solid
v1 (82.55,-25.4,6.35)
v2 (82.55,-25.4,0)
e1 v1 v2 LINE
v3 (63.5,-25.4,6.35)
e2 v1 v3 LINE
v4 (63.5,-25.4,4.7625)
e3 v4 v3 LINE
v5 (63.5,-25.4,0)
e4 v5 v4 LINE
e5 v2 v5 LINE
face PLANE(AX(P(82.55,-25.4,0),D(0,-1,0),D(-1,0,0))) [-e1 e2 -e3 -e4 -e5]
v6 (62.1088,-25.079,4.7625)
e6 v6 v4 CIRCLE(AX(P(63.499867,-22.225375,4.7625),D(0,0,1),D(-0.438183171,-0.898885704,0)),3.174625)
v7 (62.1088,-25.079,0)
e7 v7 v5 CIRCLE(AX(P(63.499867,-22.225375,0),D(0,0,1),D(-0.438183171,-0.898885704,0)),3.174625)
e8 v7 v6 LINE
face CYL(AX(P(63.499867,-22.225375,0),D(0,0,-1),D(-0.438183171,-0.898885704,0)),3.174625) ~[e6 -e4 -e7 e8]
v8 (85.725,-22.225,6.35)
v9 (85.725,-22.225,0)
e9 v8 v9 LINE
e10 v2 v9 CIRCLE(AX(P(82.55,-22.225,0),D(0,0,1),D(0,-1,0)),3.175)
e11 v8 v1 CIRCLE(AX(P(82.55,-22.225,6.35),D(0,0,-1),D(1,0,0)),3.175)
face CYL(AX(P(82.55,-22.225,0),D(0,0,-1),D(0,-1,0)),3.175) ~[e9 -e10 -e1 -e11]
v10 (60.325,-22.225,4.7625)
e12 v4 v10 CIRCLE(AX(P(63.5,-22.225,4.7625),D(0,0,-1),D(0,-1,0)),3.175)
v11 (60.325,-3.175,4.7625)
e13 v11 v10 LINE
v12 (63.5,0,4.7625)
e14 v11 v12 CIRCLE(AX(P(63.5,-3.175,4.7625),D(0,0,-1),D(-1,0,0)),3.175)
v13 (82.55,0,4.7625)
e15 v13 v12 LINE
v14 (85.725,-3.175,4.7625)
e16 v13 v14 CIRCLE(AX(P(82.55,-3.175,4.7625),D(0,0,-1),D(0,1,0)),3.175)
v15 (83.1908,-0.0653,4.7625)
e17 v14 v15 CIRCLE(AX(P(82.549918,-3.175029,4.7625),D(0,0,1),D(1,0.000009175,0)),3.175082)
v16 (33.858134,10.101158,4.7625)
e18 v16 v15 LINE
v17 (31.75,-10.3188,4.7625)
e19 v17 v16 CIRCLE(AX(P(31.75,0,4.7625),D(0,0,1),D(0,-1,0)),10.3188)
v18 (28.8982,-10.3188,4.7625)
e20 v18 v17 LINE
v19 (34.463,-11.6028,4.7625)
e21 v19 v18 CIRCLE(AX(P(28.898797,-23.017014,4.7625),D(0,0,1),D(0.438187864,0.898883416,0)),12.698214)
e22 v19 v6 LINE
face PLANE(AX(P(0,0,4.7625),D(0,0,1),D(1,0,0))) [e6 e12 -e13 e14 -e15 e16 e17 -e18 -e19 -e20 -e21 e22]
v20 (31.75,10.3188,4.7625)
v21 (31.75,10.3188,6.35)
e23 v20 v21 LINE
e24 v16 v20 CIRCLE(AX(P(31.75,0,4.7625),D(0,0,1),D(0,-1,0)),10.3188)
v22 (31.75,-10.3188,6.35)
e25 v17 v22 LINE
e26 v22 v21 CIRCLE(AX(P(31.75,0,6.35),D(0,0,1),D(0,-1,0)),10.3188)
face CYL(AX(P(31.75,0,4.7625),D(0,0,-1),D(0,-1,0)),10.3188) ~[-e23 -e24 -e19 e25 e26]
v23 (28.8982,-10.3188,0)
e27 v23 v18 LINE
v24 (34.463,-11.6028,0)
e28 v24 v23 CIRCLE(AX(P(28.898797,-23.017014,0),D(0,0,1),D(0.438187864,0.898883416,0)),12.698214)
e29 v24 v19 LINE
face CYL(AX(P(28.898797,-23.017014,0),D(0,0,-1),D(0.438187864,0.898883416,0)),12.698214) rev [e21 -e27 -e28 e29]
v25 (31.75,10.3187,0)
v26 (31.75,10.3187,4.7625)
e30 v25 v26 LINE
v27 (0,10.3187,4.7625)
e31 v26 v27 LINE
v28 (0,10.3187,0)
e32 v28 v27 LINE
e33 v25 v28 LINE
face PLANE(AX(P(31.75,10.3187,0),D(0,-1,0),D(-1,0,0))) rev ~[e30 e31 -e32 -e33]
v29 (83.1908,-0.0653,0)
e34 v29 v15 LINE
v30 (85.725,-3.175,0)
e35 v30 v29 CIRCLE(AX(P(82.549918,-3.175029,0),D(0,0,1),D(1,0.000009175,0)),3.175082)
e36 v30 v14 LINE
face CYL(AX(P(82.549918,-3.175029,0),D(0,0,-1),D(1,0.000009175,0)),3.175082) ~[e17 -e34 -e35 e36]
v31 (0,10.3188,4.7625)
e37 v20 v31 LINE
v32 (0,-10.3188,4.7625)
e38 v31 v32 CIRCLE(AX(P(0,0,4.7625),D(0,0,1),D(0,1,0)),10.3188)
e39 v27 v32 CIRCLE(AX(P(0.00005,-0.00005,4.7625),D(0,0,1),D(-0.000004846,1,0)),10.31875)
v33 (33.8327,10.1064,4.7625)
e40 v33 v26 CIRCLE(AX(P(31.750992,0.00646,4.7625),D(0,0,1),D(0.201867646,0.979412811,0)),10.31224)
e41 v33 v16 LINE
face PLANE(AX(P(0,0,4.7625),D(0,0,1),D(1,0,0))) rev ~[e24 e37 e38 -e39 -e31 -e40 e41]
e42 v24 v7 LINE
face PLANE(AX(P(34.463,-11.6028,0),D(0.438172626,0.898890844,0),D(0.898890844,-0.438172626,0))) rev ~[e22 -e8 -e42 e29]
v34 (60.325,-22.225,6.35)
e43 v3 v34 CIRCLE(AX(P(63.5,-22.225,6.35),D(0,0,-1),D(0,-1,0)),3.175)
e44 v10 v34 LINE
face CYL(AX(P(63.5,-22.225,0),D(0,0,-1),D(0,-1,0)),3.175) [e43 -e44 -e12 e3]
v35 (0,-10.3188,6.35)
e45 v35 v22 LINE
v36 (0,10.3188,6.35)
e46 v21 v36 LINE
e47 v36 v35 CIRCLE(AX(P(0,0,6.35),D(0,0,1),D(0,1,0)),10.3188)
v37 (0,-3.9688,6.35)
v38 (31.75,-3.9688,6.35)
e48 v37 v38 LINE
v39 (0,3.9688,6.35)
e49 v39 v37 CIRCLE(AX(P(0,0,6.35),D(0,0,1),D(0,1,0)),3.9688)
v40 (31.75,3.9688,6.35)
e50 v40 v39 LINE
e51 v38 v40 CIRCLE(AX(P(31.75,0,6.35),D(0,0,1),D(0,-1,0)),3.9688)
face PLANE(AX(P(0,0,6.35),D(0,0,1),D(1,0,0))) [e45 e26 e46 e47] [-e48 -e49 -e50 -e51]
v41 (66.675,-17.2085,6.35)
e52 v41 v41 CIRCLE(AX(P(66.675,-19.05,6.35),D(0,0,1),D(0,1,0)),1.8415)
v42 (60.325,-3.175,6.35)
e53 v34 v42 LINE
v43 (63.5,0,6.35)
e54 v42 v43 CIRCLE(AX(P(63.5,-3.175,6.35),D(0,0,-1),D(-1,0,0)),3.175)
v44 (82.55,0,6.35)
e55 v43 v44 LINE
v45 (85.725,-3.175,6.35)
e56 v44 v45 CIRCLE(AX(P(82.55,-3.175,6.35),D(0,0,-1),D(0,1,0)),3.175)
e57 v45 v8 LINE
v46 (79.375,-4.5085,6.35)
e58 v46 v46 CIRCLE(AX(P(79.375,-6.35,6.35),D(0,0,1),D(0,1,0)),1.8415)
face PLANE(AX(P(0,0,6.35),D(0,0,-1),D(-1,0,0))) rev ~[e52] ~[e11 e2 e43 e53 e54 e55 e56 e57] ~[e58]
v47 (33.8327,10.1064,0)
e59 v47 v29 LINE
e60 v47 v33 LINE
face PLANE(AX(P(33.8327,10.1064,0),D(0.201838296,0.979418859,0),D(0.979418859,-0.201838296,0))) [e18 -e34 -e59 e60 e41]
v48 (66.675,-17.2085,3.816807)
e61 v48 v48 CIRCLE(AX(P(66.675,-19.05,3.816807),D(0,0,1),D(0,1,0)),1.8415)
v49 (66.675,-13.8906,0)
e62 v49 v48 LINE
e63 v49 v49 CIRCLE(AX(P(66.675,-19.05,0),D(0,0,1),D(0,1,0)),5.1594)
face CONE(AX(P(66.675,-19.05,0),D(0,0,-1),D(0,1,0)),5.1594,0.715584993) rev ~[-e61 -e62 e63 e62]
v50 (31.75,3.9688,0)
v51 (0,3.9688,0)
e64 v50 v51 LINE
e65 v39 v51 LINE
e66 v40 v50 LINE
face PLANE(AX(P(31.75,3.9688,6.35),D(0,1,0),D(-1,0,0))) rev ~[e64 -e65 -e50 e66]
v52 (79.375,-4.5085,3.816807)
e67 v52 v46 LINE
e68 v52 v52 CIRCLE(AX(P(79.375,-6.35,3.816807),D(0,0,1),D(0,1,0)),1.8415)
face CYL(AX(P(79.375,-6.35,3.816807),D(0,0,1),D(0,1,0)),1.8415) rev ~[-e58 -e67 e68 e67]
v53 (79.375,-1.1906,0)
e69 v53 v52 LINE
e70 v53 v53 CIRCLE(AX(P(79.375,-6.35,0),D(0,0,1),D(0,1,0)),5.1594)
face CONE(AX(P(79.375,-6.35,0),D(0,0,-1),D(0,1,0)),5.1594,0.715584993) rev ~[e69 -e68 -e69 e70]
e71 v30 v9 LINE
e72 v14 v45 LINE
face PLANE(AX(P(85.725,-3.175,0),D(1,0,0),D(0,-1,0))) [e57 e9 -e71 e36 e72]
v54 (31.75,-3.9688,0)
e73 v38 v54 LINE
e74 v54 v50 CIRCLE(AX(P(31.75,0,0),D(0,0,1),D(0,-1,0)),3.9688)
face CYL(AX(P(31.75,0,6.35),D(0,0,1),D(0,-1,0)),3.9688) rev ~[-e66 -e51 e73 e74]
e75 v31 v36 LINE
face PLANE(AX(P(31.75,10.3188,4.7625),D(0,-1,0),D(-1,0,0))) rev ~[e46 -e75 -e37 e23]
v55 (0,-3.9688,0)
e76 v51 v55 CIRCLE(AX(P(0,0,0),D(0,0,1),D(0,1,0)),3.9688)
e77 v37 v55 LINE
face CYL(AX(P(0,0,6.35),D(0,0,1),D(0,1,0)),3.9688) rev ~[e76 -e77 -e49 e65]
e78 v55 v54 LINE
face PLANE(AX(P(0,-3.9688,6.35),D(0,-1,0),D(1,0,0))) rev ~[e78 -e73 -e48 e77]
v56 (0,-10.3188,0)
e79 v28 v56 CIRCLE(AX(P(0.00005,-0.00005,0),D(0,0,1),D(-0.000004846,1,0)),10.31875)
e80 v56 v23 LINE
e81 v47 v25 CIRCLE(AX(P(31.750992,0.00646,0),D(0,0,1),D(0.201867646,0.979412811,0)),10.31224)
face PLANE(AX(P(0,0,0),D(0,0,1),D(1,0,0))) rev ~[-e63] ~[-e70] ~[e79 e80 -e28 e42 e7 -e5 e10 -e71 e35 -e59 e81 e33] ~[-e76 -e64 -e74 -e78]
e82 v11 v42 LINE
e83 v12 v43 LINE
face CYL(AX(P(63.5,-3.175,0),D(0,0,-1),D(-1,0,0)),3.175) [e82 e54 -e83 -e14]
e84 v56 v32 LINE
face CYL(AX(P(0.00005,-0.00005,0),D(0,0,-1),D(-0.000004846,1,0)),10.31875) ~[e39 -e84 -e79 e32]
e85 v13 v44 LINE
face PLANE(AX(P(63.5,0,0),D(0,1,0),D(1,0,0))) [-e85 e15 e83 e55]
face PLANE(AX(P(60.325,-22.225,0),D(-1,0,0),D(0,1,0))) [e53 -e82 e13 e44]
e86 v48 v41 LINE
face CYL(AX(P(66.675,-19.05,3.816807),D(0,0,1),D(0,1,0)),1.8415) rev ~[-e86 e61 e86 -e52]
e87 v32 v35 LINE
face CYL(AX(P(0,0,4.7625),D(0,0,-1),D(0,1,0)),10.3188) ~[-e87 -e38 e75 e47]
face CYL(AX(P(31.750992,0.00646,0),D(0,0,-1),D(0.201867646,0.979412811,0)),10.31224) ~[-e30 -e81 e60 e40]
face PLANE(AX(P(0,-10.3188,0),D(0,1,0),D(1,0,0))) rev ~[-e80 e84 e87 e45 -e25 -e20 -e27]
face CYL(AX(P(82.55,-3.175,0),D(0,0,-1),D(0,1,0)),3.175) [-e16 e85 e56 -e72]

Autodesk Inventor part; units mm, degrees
ref_plane "YZ Plane" through (0, 0, 0) normal (1, 0, 0) x (0, 1, 0)
ref_plane "XZ Plane" through (0, 0, 0) normal (0, 1, 0) x (-1, 0, 0)
ref_plane "XY Plane" through (0, 0, 0) normal (0, 0, 1) x (1, 0, 0)
sketch "Sketch1" plane through (0, 0, 0) normal (0, 0, 1) x (1, 0, 0)
  line L0 (0, 0) -> (31.75, 0) construction
  line L1 (0, -10.3188) -> (28.8982, -10.3188)
  line L2 (31.75, 10.3187) -> (0, 10.3187)
  arc A0 (0, 10.3187) -> (0, -10.3188) centre (0, 0) ccw
  arc A1 (33.8327, 10.1064) -> (31.75, 10.3187) centre (31.75, 0) ccw
  line L3 (85.725, -3.175) -> (85.725, -22.225)
  line L4 (82.55, -25.4) -> (63.5, -25.4)
  line L5 (33.8327, 10.1064) -> (83.1908, -0.0653)
  arc A2 (82.55, -25.4) -> (85.725, -22.225) centre (82.55, -22.225) ccw
  arc A3 (85.725, -3.175) -> (83.1908, -0.0653) centre (82.55, -3.175) ccw
  arc A4 (62.1088, -25.079) -> (63.5, -25.4) centre (63.5, -22.225) ccw
  line L6 (34.463, -11.6028) -> (62.1088, -25.079)
  arc A5 (34.463, -11.6028) -> (28.8982, -10.3188) centre (28.8982, -23.0187) ccw
  point P0 (15.875, 0)
  point P1 (31.8281, -10.3185)
  dimension "d0" = 3.175
  dimension "d1" = 50.8
  dimension "d2" = 31.75
  dimension "d4" = 10.3187
  dimension "d5" = 12.7
  dimension "d6" = 19.05
  dimension "d7" = 3.175
  dimension "d8" = 19.05
  dimension "d9" = 13.0232
  dimension "d10" = 3.175
  dimension "d11" = 154.013
extrude "Extrusion1" add sketch "Sketch1" along normal blind 4.7625
sketch "Sketch2" plane through (0, 0, 4.7625) normal (0, 0, 1) x (1, 0, 0)
  line L0 (83.1908, -0.0653) -> (33.8327, 10.1064) construction
  arc A0 (33.8327, 10.1064) -> (31.75, 10.3187) centre (31.75, 0) ccw construction
  line L1 (31.75, 10.3187) -> (0, 10.3187) construction
  arc A1 (0, 10.3187) -> (0, -10.3188) centre (0, 0) ccw construction
  line L2 (0, -10.3188) -> (28.8982, -10.3188) construction
  arc A2 (34.463, -11.6028) -> (28.8982, -10.3188) centre (28.8982, -23.0187) ccw construction
  line L3 (34.463, -11.6028) -> (62.1088, -25.079) construction
  arc A3 (62.1088, -25.079) -> (63.5, -25.4) centre (63.5, -22.225) ccw construction
  line L4 (63.5, -25.4) -> (82.55, -25.4) construction
  arc A4 (82.55, -25.4) -> (85.725, -22.225) centre (82.55, -22.225) ccw construction
  line L5 (85.725, -22.225) -> (85.725, -3.175) construction
  arc A5 (85.725, -3.175) -> (83.1908, -0.0653) centre (82.55, -3.175) ccw construction
  line L6 (0, 0) -> (31.75, 0) construction
  line L7 (0, -10.3188) -> (31.75, -10.3188)
  line L8 (31.75, 10.3188) -> (0, 10.3188)
  arc A6 (0, 10.3188) -> (0, -10.3188) centre (0, 0) ccw
  arc A7 (31.75, -10.3188) -> (31.75, 10.3188) centre (31.75, 0) ccw
  point P0 (15.875, 0)
  dimension "d14" = 31.75
extrude "Extrusion2" add sketch "Sketch2" along normal blind 1.5875
sketch "Sketch3" plane through (0, 0, 0) normal (0, 0, -1) x (-1, 0, 0)
  line L0 (-82.55, -25.4) -> (-63.5, -25.4)
  line L1 (-60.325, -22.225) -> (-60.325, -3.175)
  line L2 (-63.5, 0) -> (-82.55, 0)
  line L3 (-85.725, -3.175) -> (-85.725, -22.225)
  line L4 (-83.1908, -0.0653) -> (-33.8327, 10.1064) construction
  arc A0 (-83.1908, -0.0653) -> (-85.725, -3.175) centre (-82.55, -3.175) ccw construction
  line L5 (-85.725, -22.225) -> (-85.725, -3.175) construction
  arc A1 (-85.725, -22.225) -> (-82.55, -25.4) centre (-82.55, -22.225) ccw construction
  line L6 (-63.5, -25.4) -> (-82.55, -25.4) construction
  arc A2 (-63.5, -25.4) -> (-62.1088, -25.079) centre (-63.5, -22.225) ccw construction
  line L7 (-34.463, -11.6028) -> (-62.1088, -25.079) construction
  arc A3 (-28.8982, -10.3188) -> (-34.463, -11.6028) centre (-28.8982, -23.0187) ccw construction
  line L8 (0, -10.3188) -> (-28.8982, -10.3188) construction
  arc A4 (0, -10.3188) -> (0, 10.3187) centre (0, 0) ccw construction
  line L9 (-31.75, 10.3187) -> (0, 10.3187) construction
  arc A5 (-31.75, 10.3187) -> (-33.8327, 10.1064) centre (-31.75, 0) ccw construction
  arc A6 (-82.55, 0) -> (-85.725, -3.175) centre (-82.55, -3.175) ccw
  arc A7 (-85.725, -22.225) -> (-82.55, -25.4) centre (-82.55, -22.225) ccw
  arc A8 (-63.5, -25.4) -> (-60.325, -22.225) centre (-63.5, -22.225) ccw
  arc A9 (-60.325, -3.175) -> (-63.5, 0) centre (-63.5, -3.175) ccw
  line L10 (-63.5, -25.4) -> (-82.55, -25.4) projected
  point P0 (-60.325, 0)
  point P1 (-60.325, -25.4)
  point P2 (-85.725, 0)
  dimension "d17" = 25.4
  dimension "d18" = 25.4
  dimension "d19" = 3.175
extrude "Extrusion3" add sketch "Sketch3" against normal blind 6.35
sketch "Sketch4" plane through (0, 0, 6.35) normal (0, 0, 1) x (1, 0, 0)
  line L0 (0, -10.3188) -> (31.75, -10.3188) construction
  arc A0 (31.75, -10.3188) -> (31.75, 10.3188) centre (31.75, 0) ccw construction
  line L1 (31.75, 10.3188) -> (0, 10.3188) construction
  arc A1 (0, 10.3188) -> (0, -10.3188) centre (0, 0) ccw construction
  line L2 (0, 0) -> (31.75, 0) construction
  line L3 (0, -3.9688) -> (31.75, -3.9688)
  line L4 (31.75, 3.9688) -> (0, 3.9688)
  arc A2 (0, 3.9688) -> (0, -3.9688) centre (0, 0) ccw
  arc A3 (31.75, -3.9688) -> (31.75, 3.9688) centre (31.75, 0) ccw
  point P0 (15.875, 0)
  dimension "d22" = 7.9375
extrude "Extrusion4" cut sketch "Sketch4" against normal blind 6.35
sketch "Sketch5" plane through (0, 0, 0) normal (0, 0, -1) x (-1, 0, 0)
  line L0 (-85.725, -22.225) -> (-85.725, -3.175) construction
  line L1 (-63.5, -25.4) -> (-82.55, -25.4) construction
  point P0 (0, 0)
  point P1 (-79.375, -6.35)
  point P2 (-66.675, -19.05)
  dimension "d25" = 19.05
  dimension "d26" = 6.35
  dimension "d27" = 12.7
  dimension "d28" = 6.35
hole "Hole1" at (66.675, -19.05, 0) at (79.375, -6.35, 0) direction (0, 0, 1) diameter 3.683 end through all countersink diameter 10.3188 countersink angle 82 thread size "10-24 UNC" class "2B" standard "ANSI Unified Screw Threads"
equation "\"d8\" = d6"
properties part number "ToolRestarm" material "Iron, Cast"
